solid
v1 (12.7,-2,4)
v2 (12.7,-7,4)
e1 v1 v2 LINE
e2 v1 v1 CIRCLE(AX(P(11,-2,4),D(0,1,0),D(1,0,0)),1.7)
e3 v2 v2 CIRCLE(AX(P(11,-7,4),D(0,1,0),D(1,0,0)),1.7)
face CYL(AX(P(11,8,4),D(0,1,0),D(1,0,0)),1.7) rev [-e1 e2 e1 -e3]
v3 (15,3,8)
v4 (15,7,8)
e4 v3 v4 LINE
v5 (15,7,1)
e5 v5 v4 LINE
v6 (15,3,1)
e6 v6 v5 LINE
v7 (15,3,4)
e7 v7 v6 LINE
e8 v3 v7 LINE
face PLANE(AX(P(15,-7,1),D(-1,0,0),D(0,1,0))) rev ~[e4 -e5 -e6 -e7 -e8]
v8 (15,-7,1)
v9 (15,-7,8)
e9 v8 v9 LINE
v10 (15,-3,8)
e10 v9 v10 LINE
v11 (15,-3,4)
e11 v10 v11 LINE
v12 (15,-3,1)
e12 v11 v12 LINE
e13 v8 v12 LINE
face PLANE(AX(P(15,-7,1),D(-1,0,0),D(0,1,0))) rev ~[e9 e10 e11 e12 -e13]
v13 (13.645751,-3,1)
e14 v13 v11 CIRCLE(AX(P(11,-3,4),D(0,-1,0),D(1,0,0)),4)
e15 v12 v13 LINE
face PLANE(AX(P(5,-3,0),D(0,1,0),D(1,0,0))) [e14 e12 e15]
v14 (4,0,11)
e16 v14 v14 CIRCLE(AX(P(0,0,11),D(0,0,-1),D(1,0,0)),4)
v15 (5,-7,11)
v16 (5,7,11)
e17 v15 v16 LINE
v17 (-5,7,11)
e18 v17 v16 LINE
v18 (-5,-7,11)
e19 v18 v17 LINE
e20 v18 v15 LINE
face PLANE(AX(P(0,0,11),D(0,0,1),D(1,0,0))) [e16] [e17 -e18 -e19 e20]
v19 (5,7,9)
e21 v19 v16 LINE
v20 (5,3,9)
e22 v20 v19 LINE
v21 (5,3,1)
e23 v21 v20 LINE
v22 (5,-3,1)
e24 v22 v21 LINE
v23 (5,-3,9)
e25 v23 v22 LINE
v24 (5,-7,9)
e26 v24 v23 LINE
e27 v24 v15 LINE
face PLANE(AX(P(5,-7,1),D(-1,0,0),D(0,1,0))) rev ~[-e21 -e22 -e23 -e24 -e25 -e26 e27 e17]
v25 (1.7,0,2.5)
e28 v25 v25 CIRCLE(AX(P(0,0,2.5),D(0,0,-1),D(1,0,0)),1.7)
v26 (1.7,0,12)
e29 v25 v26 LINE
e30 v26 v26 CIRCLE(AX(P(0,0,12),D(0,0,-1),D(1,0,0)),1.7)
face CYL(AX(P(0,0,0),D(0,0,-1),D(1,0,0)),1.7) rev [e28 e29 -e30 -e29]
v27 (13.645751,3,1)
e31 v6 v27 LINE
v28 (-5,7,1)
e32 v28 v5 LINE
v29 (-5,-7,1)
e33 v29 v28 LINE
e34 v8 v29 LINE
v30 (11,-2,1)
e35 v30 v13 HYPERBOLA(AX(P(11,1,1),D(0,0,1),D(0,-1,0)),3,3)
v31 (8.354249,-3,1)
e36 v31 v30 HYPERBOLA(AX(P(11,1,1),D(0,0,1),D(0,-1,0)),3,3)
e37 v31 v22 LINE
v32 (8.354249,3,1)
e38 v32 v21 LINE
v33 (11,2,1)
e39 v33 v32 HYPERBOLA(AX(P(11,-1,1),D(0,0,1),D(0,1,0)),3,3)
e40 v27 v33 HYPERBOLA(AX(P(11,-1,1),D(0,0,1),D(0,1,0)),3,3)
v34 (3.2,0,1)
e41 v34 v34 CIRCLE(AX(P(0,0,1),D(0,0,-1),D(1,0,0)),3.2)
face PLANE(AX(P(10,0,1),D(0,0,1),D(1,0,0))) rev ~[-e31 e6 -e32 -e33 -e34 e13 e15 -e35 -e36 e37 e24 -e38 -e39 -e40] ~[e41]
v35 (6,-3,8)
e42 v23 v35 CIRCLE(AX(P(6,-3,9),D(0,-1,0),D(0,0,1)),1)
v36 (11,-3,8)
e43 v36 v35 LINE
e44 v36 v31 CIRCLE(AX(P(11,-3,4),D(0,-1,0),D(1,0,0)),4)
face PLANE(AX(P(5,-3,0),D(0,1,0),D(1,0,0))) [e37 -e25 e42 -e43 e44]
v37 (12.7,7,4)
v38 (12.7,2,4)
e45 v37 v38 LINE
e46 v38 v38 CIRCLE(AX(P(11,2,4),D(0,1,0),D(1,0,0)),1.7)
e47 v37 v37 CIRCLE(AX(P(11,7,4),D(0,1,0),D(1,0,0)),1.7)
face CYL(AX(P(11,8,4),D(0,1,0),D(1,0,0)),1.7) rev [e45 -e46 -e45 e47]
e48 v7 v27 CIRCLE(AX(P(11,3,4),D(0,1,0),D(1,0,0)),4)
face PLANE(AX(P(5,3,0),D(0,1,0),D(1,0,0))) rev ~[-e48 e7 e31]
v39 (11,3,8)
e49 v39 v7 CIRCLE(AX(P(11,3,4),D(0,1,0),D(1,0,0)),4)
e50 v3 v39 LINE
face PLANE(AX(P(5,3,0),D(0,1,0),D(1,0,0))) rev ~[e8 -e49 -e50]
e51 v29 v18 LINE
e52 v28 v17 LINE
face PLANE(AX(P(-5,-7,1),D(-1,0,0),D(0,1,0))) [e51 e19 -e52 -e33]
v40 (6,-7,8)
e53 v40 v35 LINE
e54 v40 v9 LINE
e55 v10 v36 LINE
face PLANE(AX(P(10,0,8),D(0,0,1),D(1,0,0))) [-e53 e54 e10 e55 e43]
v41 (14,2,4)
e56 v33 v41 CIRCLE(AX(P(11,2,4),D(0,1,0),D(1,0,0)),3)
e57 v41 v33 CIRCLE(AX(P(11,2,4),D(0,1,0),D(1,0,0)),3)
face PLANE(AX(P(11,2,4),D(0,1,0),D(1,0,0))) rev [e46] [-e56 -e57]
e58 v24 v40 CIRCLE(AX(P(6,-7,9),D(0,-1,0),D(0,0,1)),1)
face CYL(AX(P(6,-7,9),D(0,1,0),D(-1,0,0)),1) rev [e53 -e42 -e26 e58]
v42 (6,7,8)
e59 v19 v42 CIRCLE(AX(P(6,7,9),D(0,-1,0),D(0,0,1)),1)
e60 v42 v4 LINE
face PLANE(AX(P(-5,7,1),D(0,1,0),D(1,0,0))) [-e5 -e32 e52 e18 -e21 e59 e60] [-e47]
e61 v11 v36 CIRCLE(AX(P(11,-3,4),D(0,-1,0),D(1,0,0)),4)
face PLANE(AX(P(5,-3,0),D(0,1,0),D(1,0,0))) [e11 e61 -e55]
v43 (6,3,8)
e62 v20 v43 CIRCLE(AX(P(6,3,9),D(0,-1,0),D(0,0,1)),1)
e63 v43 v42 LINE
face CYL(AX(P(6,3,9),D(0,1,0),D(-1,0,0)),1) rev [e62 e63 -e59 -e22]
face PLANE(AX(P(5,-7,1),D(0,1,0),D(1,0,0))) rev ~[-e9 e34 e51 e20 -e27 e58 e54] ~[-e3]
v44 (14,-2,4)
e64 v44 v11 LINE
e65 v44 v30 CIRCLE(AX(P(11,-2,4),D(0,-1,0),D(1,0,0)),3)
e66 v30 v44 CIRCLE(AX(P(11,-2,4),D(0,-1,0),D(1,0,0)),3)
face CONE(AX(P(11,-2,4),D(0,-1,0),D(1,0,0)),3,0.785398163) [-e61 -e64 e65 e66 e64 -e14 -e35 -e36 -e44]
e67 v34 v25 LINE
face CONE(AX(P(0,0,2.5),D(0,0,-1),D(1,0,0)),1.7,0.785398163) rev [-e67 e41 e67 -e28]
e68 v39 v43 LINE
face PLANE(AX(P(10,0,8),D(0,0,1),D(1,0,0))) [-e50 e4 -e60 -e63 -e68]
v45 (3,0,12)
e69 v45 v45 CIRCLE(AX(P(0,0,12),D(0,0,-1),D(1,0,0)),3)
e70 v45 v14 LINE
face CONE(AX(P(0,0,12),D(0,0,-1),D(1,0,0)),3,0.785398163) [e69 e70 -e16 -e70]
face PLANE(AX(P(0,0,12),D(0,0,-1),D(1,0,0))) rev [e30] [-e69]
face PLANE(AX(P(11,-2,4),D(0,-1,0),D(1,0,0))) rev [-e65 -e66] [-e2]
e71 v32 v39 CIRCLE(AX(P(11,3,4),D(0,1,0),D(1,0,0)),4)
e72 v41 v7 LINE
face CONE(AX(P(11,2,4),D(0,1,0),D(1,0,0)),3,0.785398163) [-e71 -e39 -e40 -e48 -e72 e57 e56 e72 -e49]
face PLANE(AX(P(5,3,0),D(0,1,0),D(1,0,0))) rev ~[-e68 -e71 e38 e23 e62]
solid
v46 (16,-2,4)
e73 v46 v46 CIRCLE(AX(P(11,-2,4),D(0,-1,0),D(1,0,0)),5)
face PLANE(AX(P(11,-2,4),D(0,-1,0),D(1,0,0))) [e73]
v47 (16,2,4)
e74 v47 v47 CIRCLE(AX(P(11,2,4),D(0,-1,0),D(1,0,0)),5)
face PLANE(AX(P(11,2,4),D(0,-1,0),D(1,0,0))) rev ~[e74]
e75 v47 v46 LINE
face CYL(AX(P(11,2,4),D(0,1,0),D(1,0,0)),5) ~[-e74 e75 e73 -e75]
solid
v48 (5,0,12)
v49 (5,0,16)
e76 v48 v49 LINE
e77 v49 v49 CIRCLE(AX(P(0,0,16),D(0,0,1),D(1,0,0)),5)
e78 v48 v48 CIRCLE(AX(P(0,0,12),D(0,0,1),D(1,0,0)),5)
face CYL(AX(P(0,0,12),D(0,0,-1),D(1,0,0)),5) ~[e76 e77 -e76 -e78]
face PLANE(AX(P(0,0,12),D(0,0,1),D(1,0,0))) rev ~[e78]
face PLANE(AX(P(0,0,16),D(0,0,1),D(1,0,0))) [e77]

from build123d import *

# Parameters (mm, degrees)
CYLINDER082_R     = 5
CYLINDER082_DEPTH = 4
CYLINDER083_R     = 5
CYLINDER083_DEPTH = 4
CYLINDER084_R     = 1.7
CYLINDER084_DEPTH = 18
BOX002_W          = 11
BOX002_H          = 6
BOX002_DEPTH      = 10
BOX001_W          = 10
BOX001_H          = 14
BOX001_DEPTH      = 7
BOX003_W          = 10
BOX003_H          = 10
BOX003_DEPTH      = 10
CYLINDER_R        = 1.7
CYLINDER_DEPTH    = 14
BOX_W             = 10
BOX_H             = 14
BOX_DEPTH         = 10
CHAMFER_SIZE      = 1.5
FILLET_R          = 1


with BuildPart() as f_623_bearing:
    # Cylinder082 → Cylinder082 (new body)
    with BuildSketch(Plane.XY.offset(12)):
        Circle(CYLINDER082_R)
    extrude(amount=CYLINDER082_DEPTH)


with BuildPart() as f_623_bearing001:
    # Cylinder083 → Cylinder083 (new body)
    with BuildSketch(Plane(origin=(11, 2, 4), x_dir=(1, 0, 0), z_dir=(0, -1, 0))):
        Circle(CYLINDER083_R)
    extrude(amount=CYLINDER083_DEPTH)


with BuildPart() as screw:
    # Cylinder084 → Cylinder084 (new body)
    with BuildSketch(Plane(origin=(11, 8, 4), x_dir=(1, 0, 0), z_dir=(0, -1, 0))):
        Circle(CYLINDER084_R)
    extrude(amount=CYLINDER084_DEPTH)


with BuildPart() as cube002:
    # Box002 → Box002 (new body)
    with BuildSketch(Plane(origin=(5, -3, 0), x_dir=(1, 0, 0), z_dir=(0, 0, 1))):
        with Locations((5.5, 3)):
            Rectangle(BOX002_W, BOX002_H)
    extrude(amount=BOX002_DEPTH)


with BuildPart() as cut:
    # Box001 → Box001 (new body)
    with BuildSketch(Plane(origin=(5, -7, 1), x_dir=(1, 0, 0), z_dir=(0, 0, 1))):
        with Locations((5, 7)):
            Rectangle(BOX001_W, BOX001_H)
    extrude(amount=BOX001_DEPTH)

    # Cut: cut Cube002
    add(cube002.part, mode=Mode.SUBTRACT)


with BuildPart() as cube003:
    # Box003 → Box003 (new body)
    with BuildSketch(Plane(origin=(5, -5, -9), x_dir=(1, 0, 0), z_dir=(0, 0, 1))):
        with Locations((5, 5)):
            Rectangle(BOX003_W, BOX003_H)
    extrude(amount=BOX003_DEPTH)


with BuildPart() as cone002:
    # Cone002 → Cone002 (revolve)
    with BuildSketch(Plane(origin=(11, 2, 4), x_dir=(1, 0, 0), z_dir=(0, 0, 1))):
        Polygon((0, 0), (3, 0), (4, 1), (0, 1), align=None)
    revolve(axis=Axis((11, 2, 4), (0, 1, 0)))


with BuildPart() as cut002:
    # Cone001 → Cone001 (revolve)
    with BuildSketch(Plane(origin=(11, -2, 4), x_dir=(1, 0, 0), z_dir=(0, 0, -1))):
        Polygon((0, 0), (3, 0), (4, 1), (0, 1), align=None)
    revolve(axis=Axis((11, -2, 4), (0, -1, 0)))

    # Fusion: union Cone002
    add(cone002.part)

    # Cut001: cut Cube003
    add(cube003.part, mode=Mode.SUBTRACT)

    # Fusion001: union Cut
    add(cut.part)

    # Cut002: cut screw
    add(screw.part, mode=Mode.SUBTRACT)


with BuildPart() as cylinder:
    # Cylinder → Cylinder (new body)
    with BuildSketch(Plane.XY):
        Circle(CYLINDER_R)
    extrude(amount=CYLINDER_DEPTH)


with BuildPart() as cone:
    # Cone → Cone (revolve)
    with BuildSketch(Plane(origin=(0, 0, 12), x_dir=(1, 0, 0), z_dir=(0, 1, 0))):
        Polygon((0, 0), (3, 0), (4, 1), (0, 1), align=None)
    revolve(axis=Axis((0, 0, 12), (0, 0, -1)))


with BuildPart() as fillet_body:
    # Box → Box (new body)
    with BuildSketch(Plane(origin=(-5, -7, 1), x_dir=(1, 0, 0), z_dir=(0, 0, 1))):
        with Locations((5, 7)):
            Rectangle(BOX_W, BOX_H)
    extrude(amount=BOX_DEPTH)

    # Fusion002: union Cone
    add(cone.part)

    # Cut003: cut Cylinder
    add(cylinder.part, mode=Mode.SUBTRACT)

    # Fusion003: union Cut002
    add(cut002.part)

    # Chamfer
    chamfer_edges = [fillet_body.edges().sort_by_distance(p)[0] for p in [
        (-1.7, 0, 1),
    ]]
    chamfer(chamfer_edges, length=CHAMFER_SIZE)

    # Fillet
    fillet_edges = [fillet_body.edges().sort_by_distance(p)[0] for p in [
        (5, 5, 8),
        (5, -5, 8),
    ]]
    fillet(fillet_edges, radius=FILLET_R)


solid = Compound([f_623_bearing.part, f_623_bearing001.part, fillet_body.part])
